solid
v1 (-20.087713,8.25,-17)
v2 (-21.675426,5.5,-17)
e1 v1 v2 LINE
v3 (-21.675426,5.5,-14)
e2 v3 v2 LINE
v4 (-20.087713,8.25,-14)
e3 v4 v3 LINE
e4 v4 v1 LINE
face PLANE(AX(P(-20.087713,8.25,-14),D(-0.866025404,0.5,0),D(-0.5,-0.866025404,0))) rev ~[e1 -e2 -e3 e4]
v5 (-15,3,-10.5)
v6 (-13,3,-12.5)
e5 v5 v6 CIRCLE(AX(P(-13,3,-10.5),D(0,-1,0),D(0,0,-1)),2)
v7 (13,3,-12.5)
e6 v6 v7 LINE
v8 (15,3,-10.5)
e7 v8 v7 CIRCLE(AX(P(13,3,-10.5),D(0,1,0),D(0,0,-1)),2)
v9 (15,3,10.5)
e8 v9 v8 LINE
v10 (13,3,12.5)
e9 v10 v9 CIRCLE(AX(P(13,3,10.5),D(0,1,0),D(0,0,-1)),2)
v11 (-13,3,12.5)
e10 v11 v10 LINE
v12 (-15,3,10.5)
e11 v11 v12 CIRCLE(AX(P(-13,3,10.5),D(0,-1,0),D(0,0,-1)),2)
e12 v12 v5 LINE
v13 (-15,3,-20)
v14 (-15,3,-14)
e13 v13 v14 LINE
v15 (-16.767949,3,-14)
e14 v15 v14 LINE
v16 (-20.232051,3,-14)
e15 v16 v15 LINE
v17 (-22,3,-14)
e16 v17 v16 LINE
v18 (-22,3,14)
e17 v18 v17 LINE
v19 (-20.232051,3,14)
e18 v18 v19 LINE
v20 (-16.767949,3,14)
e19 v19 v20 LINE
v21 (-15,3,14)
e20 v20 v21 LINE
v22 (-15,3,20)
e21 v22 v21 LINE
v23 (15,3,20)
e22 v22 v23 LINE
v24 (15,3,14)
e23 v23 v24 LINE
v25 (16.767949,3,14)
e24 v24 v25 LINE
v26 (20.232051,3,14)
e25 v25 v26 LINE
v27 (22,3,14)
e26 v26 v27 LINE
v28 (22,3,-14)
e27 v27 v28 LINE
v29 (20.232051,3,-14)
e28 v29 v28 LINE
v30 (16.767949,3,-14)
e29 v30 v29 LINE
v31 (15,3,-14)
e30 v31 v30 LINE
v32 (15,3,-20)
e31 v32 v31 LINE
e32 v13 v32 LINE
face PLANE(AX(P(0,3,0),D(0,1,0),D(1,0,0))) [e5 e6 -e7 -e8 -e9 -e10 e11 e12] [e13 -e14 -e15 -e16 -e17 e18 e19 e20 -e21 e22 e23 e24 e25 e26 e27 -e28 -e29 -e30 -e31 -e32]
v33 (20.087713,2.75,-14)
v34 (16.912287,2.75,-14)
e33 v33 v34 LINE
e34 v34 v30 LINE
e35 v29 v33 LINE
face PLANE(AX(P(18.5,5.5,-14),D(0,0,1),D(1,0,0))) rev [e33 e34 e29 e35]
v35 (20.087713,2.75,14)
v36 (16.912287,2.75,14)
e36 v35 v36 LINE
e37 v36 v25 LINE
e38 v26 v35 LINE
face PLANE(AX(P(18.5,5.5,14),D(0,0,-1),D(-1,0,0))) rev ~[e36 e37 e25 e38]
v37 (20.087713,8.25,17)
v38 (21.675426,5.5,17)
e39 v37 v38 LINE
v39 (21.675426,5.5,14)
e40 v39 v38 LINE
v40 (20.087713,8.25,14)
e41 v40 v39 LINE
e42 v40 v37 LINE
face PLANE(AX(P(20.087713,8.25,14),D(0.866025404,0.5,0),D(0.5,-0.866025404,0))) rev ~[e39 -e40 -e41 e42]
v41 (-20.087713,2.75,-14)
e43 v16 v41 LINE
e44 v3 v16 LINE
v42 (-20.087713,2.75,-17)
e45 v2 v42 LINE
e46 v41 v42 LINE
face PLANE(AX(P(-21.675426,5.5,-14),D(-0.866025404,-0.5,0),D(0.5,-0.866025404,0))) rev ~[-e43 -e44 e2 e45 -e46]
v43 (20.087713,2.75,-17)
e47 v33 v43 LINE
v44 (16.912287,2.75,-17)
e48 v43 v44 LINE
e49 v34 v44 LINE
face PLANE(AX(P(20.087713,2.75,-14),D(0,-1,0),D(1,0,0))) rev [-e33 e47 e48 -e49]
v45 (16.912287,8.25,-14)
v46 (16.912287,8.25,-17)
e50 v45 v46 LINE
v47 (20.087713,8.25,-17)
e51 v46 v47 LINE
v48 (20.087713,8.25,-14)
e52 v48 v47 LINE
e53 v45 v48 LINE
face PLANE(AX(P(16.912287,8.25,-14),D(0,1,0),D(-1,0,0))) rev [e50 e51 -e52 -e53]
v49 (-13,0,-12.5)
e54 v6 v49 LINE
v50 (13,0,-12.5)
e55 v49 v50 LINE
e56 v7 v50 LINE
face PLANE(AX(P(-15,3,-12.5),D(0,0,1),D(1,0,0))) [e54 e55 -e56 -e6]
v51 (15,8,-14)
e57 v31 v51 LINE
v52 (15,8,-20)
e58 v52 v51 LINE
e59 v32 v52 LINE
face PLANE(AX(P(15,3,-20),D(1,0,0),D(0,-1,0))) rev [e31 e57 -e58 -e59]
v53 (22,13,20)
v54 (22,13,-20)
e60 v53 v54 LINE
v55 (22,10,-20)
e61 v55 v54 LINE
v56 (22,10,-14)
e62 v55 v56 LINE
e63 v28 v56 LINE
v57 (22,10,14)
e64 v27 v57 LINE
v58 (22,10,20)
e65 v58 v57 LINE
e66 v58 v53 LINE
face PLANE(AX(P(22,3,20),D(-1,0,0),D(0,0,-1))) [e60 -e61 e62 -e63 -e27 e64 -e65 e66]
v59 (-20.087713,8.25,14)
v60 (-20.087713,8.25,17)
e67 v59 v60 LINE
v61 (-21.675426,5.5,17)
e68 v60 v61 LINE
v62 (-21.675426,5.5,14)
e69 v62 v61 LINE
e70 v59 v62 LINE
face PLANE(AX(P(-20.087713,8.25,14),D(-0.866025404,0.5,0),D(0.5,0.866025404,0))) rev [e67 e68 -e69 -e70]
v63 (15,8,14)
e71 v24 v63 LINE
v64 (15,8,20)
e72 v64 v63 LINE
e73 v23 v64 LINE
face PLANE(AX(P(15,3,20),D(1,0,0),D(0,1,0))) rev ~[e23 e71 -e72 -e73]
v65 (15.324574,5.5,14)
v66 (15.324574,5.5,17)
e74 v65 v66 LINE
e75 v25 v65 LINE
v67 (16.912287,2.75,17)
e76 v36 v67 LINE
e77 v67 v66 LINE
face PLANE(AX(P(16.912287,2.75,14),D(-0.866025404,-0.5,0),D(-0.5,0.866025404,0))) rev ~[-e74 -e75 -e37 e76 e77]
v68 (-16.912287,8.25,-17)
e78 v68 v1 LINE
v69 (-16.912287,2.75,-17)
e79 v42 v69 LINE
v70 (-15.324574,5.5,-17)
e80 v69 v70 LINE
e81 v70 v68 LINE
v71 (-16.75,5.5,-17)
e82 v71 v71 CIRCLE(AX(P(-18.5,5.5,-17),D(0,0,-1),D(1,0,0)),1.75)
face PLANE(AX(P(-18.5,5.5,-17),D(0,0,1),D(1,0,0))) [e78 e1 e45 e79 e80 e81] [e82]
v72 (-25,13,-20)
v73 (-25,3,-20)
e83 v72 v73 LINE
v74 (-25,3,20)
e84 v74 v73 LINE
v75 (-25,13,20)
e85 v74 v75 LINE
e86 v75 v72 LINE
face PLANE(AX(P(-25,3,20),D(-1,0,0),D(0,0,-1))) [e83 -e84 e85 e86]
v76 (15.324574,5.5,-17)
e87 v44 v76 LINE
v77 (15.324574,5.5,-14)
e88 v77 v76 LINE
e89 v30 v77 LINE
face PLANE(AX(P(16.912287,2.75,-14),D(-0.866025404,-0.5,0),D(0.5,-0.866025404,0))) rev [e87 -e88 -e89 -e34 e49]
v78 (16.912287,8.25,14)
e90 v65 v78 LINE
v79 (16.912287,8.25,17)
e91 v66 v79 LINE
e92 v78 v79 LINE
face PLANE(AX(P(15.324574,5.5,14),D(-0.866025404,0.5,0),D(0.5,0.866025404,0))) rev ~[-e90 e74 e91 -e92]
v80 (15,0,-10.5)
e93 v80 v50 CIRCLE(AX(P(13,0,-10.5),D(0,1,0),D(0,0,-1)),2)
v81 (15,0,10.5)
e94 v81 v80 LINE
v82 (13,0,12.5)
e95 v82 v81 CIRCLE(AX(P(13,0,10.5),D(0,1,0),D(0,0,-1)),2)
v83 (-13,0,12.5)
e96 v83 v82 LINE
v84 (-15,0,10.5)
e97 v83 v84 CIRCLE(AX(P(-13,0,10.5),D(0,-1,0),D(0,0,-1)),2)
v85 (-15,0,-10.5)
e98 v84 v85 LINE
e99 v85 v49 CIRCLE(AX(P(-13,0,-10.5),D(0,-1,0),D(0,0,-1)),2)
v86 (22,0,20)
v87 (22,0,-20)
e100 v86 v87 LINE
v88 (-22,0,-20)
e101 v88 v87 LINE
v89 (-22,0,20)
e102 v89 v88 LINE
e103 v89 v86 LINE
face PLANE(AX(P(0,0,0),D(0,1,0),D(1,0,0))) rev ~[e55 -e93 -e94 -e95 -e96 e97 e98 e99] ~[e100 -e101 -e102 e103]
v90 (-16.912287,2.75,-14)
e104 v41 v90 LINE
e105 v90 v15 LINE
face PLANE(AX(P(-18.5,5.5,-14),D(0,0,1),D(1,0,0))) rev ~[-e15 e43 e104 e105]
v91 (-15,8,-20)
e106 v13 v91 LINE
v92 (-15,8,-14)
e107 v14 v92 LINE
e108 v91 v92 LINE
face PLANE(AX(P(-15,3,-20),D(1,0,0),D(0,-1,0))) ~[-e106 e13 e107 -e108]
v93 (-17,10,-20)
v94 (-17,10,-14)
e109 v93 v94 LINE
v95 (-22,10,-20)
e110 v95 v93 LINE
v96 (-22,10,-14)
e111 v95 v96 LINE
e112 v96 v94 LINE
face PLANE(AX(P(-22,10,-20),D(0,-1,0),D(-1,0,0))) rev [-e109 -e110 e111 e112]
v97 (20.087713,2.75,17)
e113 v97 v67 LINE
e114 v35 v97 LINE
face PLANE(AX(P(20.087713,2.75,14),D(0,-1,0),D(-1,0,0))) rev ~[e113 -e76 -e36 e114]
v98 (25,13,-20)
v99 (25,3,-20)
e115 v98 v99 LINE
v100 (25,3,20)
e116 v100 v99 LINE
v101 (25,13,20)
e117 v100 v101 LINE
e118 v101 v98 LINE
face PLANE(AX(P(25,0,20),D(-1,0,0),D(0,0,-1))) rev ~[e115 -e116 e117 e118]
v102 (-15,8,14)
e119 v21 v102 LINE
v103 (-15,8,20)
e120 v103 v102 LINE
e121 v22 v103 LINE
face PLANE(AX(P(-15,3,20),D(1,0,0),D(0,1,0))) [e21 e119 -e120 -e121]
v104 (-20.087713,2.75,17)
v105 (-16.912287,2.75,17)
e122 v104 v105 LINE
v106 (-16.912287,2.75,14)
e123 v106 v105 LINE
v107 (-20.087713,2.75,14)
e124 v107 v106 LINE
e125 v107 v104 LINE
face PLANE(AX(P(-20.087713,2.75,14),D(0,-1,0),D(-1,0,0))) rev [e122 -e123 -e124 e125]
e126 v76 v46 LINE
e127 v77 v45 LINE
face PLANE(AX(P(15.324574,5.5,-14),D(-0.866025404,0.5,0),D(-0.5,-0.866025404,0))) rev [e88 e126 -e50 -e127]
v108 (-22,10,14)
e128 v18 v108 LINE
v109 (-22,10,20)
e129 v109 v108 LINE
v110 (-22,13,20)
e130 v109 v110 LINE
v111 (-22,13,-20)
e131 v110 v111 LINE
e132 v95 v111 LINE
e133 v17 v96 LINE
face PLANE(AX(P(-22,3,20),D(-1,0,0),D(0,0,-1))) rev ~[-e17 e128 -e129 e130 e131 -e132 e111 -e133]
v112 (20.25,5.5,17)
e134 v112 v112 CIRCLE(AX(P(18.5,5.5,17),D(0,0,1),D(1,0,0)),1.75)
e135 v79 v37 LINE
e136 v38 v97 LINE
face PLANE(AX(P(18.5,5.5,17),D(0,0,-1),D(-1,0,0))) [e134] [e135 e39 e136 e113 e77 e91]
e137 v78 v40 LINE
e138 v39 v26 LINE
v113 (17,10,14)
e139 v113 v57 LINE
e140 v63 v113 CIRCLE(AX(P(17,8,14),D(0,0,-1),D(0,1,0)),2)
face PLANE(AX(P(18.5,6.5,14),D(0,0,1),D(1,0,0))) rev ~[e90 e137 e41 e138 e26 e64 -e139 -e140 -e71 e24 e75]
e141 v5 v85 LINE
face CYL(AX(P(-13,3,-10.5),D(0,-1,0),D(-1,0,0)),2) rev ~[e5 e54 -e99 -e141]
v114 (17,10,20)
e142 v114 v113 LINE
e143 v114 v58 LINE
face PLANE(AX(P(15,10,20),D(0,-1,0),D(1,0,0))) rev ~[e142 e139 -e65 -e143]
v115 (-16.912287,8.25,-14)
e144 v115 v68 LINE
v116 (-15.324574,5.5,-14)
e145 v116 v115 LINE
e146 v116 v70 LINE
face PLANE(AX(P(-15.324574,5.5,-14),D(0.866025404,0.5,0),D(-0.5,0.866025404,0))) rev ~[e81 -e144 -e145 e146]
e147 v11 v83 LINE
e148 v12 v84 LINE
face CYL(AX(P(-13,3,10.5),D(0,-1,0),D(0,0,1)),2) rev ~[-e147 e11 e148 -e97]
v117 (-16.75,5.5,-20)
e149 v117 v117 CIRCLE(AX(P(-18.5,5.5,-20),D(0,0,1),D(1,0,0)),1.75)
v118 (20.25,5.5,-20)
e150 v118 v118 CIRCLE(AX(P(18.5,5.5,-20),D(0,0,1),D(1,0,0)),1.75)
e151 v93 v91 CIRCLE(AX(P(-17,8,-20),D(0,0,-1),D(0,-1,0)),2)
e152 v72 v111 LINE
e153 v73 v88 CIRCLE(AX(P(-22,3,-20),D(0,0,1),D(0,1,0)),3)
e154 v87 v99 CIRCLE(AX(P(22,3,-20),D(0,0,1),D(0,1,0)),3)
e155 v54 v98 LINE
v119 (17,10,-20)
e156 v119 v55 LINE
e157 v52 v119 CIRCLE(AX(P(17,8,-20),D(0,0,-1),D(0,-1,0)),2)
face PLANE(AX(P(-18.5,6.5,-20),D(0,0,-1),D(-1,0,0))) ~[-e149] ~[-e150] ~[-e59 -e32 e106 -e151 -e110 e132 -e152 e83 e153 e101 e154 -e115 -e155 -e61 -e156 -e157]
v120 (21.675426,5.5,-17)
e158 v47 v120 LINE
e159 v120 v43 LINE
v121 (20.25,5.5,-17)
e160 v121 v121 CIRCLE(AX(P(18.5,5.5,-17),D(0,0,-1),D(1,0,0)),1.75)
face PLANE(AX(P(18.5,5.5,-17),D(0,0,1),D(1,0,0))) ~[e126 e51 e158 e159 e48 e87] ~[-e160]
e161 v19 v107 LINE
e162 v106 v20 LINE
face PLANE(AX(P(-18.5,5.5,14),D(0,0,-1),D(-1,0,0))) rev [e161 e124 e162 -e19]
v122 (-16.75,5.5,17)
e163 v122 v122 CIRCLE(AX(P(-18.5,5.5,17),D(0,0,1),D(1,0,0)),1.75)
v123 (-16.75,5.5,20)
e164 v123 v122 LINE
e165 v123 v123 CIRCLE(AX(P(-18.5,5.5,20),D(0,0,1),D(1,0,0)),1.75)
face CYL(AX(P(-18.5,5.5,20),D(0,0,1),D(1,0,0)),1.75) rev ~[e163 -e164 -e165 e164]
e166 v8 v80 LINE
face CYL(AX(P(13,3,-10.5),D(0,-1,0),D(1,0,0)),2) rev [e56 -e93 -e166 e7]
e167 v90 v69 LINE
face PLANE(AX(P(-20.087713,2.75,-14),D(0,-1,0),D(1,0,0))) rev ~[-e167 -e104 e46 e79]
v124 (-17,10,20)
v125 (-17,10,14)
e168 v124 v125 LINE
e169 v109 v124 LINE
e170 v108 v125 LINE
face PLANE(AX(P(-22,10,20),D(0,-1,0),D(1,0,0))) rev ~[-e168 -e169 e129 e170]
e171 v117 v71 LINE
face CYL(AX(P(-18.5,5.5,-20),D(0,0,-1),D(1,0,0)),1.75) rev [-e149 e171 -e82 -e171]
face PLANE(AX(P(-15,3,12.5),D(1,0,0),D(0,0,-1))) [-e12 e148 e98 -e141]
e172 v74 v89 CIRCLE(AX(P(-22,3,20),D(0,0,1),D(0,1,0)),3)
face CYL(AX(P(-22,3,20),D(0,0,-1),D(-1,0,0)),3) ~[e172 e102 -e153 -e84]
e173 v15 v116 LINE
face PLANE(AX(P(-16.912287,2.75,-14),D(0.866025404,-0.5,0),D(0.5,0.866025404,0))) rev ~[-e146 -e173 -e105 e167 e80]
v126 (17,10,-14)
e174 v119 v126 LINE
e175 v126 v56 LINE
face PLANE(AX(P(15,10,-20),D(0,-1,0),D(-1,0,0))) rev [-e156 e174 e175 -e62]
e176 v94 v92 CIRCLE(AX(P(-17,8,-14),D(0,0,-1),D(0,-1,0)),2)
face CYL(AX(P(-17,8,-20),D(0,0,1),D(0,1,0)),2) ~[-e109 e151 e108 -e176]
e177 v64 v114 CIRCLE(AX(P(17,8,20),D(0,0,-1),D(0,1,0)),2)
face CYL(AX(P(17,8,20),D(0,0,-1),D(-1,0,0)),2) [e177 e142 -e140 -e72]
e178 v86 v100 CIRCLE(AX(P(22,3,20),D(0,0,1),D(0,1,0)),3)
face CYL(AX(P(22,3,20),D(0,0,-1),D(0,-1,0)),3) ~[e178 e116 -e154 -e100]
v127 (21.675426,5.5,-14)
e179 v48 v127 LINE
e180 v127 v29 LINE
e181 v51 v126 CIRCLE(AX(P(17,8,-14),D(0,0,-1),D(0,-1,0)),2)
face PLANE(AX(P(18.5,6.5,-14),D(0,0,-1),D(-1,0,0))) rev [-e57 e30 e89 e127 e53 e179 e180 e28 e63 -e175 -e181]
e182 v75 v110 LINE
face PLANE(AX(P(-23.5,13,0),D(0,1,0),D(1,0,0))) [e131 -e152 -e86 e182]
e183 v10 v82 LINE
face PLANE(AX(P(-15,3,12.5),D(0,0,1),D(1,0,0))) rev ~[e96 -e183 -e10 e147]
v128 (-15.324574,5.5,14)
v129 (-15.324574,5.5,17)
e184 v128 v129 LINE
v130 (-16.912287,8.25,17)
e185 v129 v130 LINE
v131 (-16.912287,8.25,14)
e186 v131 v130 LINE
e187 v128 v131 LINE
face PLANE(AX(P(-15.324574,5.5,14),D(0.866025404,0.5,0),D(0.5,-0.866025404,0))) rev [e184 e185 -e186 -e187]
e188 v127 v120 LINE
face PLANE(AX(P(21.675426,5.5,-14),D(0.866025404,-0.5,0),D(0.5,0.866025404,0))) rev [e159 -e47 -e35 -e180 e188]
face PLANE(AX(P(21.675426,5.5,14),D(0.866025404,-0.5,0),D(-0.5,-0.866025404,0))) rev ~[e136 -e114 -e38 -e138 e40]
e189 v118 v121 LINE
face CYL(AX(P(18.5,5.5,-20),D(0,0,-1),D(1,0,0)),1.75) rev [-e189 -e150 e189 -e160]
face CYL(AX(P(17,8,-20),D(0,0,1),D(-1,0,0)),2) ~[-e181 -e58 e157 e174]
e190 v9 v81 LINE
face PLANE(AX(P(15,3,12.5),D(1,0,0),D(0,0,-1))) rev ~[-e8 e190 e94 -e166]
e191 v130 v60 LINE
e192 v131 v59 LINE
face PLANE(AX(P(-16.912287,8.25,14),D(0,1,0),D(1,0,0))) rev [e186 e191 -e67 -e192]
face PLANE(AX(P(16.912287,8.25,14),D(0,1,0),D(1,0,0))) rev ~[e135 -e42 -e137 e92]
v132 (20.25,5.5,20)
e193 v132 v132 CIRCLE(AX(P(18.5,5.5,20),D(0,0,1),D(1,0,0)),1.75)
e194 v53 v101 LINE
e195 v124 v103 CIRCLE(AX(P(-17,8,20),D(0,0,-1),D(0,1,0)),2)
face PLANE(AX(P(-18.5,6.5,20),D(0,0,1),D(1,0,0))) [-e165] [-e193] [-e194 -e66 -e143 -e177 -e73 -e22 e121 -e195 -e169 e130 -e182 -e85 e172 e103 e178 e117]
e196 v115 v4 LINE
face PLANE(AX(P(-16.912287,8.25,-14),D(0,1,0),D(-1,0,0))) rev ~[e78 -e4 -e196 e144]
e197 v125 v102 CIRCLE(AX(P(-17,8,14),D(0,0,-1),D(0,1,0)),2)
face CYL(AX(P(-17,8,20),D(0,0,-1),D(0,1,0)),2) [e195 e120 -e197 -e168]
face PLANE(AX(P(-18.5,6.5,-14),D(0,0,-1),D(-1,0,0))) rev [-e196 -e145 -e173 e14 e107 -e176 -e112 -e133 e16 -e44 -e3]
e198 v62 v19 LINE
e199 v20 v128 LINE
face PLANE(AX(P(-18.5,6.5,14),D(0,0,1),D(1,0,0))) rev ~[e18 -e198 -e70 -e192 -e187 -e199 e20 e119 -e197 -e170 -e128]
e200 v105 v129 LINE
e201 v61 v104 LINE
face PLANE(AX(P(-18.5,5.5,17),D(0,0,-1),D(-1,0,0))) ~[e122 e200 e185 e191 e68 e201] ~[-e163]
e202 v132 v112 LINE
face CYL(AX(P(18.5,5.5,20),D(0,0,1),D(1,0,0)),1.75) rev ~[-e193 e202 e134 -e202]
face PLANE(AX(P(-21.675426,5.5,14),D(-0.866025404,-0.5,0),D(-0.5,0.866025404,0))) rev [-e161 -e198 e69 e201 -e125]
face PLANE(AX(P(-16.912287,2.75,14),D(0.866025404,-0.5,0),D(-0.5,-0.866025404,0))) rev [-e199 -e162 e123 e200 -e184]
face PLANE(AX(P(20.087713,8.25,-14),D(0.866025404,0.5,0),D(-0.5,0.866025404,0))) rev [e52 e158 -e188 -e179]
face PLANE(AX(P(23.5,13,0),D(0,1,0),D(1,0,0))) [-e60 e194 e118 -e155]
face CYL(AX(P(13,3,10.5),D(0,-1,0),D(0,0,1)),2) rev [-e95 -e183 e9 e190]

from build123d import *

# Parameters (mm, degrees)
SKETCH1_W            = 50
SKETCH1_H            = 40
BOSS_EXTRUDE1_DEPTH  = 3
SKETCH2_W            = 30
SKETCH2_H            = 25
CUT_EXTRUDE1_DEPTH   = 4
SKETCH3_W            = 3
SKETCH3_H            = 40
BOSS_EXTRUDE2_DEPTH  = 10
SKETCH4_W            = 7
SKETCH4_H            = 7
BOSS_EXTRUDE3_DEPTH  = 6
SKETCH5_R            = 1.75
CUT_EXTRUDE2_DEPTH   = 41
CUT_EXTRUDE3_DEPTH   = 3
MIRROR3_COPY_1_DEPTH = 3
FILLET1_R            = 3
FILLET2_R            = 2
FILLET3_R            = 2


with BuildPart() as part:
    # Sketch1 → Boss-Extrude1 (new body)
    with BuildSketch(Plane(origin=(0, 0, 0), x_dir=(1, 0, 0), z_dir=(0, 1, 0))):
        Rectangle(SKETCH1_W, SKETCH1_H)
    extrude(amount=BOSS_EXTRUDE1_DEPTH)

    # Sketch2 → Cut-Extrude1 (cut, through all)
    with BuildSketch(Plane(origin=(0, 3, 0), x_dir=(1, 0, 0), z_dir=(0, 1, 0))):
        Rectangle(SKETCH2_W, SKETCH2_H)
    extrude(amount=-CUT_EXTRUDE1_DEPTH, mode=Mode.SUBTRACT)

    # Sketch3 → Boss-Extrude2 (add)
    with BuildSketch(Plane(origin=(0, 3, 0), x_dir=(1, 0, 0), z_dir=(0, 1, 0))):
        with Locations((-23.5, 0)):
            Rectangle(SKETCH3_W, SKETCH3_H)
        with Locations((23.5, 0)):
            Rectangle(SKETCH3_W, SKETCH3_H)
    extrude(amount=BOSS_EXTRUDE2_DEPTH)

    # Sketch4 → Boss-Extrude3 (add)
    with BuildSketch(Plane.XY.offset(20)):
        with Locations((-18.5, 6.5)):
            Rectangle(SKETCH4_W, SKETCH4_H)
        with Locations((18.5, 6.5)):
            Rectangle(SKETCH4_W, SKETCH4_H)
    boss_extrude3 = extrude(amount=-BOSS_EXTRUDE3_DEPTH)

    # Sketch5 → Cut-Extrude2 (cut, through all)
    with BuildSketch(Plane.XY.offset(20)):
        with Locations((-18.5, 5.5)):
            Circle(SKETCH5_R)
        with Locations((18.5, 5.5)):
            Circle(SKETCH5_R)
    cut_extrude2 = extrude(amount=-CUT_EXTRUDE2_DEPTH, mode=Mode.SUBTRACT)

    # Mirror1: Boss-Extrude3, Cut-Extrude2 across plane
    add(boss_extrude3.mirror(Plane.XY))
    add(cut_extrude2.mirror(Plane.XY), mode=Mode.SUBTRACT)

    # Sketch6 → Cut-Extrude3 (cut)
    with BuildSketch(Plane.XY.offset(-14)):
        Polygon((-15.324573519, 5.5), (-16.91228676, 8.25), (-20.08771324, 8.25), (-21.675426481, 5.5), (-20.08771324, 2.75), (-16.91228676, 2.75), align=None)
    cut_extrude3 = extrude(amount=-CUT_EXTRUDE3_DEPTH, mode=Mode.SUBTRACT)

    # Mirror2: Cut-Extrude3 across plane
    add(cut_extrude3.mirror(Plane(origin=(0, 0, 0), x_dir=(0, 0, 1), z_dir=(1, 0, 0))), mode=Mode.SUBTRACT)

    # Mirror3: Cut-Extrude3 across plane
    add(cut_extrude3.mirror(Plane.XY), mode=Mode.SUBTRACT)

    # Mirror3 copy 1 sketch → Mirror3 copy 1 (cut)
    with BuildSketch(Plane(origin=(0, 0, 14), x_dir=(-1, 0, 0), z_dir=(0, 0, -1))):
        Polygon((-15.324573519, 5.5), (-16.91228676, 8.25), (-20.08771324, 8.25), (-21.675426481, 5.5), (-20.08771324, 2.75), (-16.91228676, 2.75), align=None)
    extrude(amount=-MIRROR3_COPY_1_DEPTH, mode=Mode.SUBTRACT)

    # Fillet1
    fillet1_edges = [part.edges().sort_by_distance(p)[0] for p in [
        (-25, 0, 0),
        (25, 0, 0),
    ]]
    fillet(fillet1_edges, radius=FILLET1_R)

    # Fillet2
    fillet2_edges = [part.edges().sort_by_distance(p)[0] for p in [
        (15, 10, -17),
        (-15, 10, 17),
        (15, 10, 17),
        (-15, 10, -17),
    ]]
    fillet(fillet2_edges, radius=FILLET2_R)

    # Fillet3
    fillet3_edges = [part.edges().sort_by_distance(p)[0] for p in [
        (-15, 1.5, 12.5),
        (-15, 1.5, -12.5),
        (15, 1.5, -12.5),
        (15, 1.5, 12.5),
    ]]
    fillet(fillet3_edges, radius=FILLET3_R)


solid = part.part
